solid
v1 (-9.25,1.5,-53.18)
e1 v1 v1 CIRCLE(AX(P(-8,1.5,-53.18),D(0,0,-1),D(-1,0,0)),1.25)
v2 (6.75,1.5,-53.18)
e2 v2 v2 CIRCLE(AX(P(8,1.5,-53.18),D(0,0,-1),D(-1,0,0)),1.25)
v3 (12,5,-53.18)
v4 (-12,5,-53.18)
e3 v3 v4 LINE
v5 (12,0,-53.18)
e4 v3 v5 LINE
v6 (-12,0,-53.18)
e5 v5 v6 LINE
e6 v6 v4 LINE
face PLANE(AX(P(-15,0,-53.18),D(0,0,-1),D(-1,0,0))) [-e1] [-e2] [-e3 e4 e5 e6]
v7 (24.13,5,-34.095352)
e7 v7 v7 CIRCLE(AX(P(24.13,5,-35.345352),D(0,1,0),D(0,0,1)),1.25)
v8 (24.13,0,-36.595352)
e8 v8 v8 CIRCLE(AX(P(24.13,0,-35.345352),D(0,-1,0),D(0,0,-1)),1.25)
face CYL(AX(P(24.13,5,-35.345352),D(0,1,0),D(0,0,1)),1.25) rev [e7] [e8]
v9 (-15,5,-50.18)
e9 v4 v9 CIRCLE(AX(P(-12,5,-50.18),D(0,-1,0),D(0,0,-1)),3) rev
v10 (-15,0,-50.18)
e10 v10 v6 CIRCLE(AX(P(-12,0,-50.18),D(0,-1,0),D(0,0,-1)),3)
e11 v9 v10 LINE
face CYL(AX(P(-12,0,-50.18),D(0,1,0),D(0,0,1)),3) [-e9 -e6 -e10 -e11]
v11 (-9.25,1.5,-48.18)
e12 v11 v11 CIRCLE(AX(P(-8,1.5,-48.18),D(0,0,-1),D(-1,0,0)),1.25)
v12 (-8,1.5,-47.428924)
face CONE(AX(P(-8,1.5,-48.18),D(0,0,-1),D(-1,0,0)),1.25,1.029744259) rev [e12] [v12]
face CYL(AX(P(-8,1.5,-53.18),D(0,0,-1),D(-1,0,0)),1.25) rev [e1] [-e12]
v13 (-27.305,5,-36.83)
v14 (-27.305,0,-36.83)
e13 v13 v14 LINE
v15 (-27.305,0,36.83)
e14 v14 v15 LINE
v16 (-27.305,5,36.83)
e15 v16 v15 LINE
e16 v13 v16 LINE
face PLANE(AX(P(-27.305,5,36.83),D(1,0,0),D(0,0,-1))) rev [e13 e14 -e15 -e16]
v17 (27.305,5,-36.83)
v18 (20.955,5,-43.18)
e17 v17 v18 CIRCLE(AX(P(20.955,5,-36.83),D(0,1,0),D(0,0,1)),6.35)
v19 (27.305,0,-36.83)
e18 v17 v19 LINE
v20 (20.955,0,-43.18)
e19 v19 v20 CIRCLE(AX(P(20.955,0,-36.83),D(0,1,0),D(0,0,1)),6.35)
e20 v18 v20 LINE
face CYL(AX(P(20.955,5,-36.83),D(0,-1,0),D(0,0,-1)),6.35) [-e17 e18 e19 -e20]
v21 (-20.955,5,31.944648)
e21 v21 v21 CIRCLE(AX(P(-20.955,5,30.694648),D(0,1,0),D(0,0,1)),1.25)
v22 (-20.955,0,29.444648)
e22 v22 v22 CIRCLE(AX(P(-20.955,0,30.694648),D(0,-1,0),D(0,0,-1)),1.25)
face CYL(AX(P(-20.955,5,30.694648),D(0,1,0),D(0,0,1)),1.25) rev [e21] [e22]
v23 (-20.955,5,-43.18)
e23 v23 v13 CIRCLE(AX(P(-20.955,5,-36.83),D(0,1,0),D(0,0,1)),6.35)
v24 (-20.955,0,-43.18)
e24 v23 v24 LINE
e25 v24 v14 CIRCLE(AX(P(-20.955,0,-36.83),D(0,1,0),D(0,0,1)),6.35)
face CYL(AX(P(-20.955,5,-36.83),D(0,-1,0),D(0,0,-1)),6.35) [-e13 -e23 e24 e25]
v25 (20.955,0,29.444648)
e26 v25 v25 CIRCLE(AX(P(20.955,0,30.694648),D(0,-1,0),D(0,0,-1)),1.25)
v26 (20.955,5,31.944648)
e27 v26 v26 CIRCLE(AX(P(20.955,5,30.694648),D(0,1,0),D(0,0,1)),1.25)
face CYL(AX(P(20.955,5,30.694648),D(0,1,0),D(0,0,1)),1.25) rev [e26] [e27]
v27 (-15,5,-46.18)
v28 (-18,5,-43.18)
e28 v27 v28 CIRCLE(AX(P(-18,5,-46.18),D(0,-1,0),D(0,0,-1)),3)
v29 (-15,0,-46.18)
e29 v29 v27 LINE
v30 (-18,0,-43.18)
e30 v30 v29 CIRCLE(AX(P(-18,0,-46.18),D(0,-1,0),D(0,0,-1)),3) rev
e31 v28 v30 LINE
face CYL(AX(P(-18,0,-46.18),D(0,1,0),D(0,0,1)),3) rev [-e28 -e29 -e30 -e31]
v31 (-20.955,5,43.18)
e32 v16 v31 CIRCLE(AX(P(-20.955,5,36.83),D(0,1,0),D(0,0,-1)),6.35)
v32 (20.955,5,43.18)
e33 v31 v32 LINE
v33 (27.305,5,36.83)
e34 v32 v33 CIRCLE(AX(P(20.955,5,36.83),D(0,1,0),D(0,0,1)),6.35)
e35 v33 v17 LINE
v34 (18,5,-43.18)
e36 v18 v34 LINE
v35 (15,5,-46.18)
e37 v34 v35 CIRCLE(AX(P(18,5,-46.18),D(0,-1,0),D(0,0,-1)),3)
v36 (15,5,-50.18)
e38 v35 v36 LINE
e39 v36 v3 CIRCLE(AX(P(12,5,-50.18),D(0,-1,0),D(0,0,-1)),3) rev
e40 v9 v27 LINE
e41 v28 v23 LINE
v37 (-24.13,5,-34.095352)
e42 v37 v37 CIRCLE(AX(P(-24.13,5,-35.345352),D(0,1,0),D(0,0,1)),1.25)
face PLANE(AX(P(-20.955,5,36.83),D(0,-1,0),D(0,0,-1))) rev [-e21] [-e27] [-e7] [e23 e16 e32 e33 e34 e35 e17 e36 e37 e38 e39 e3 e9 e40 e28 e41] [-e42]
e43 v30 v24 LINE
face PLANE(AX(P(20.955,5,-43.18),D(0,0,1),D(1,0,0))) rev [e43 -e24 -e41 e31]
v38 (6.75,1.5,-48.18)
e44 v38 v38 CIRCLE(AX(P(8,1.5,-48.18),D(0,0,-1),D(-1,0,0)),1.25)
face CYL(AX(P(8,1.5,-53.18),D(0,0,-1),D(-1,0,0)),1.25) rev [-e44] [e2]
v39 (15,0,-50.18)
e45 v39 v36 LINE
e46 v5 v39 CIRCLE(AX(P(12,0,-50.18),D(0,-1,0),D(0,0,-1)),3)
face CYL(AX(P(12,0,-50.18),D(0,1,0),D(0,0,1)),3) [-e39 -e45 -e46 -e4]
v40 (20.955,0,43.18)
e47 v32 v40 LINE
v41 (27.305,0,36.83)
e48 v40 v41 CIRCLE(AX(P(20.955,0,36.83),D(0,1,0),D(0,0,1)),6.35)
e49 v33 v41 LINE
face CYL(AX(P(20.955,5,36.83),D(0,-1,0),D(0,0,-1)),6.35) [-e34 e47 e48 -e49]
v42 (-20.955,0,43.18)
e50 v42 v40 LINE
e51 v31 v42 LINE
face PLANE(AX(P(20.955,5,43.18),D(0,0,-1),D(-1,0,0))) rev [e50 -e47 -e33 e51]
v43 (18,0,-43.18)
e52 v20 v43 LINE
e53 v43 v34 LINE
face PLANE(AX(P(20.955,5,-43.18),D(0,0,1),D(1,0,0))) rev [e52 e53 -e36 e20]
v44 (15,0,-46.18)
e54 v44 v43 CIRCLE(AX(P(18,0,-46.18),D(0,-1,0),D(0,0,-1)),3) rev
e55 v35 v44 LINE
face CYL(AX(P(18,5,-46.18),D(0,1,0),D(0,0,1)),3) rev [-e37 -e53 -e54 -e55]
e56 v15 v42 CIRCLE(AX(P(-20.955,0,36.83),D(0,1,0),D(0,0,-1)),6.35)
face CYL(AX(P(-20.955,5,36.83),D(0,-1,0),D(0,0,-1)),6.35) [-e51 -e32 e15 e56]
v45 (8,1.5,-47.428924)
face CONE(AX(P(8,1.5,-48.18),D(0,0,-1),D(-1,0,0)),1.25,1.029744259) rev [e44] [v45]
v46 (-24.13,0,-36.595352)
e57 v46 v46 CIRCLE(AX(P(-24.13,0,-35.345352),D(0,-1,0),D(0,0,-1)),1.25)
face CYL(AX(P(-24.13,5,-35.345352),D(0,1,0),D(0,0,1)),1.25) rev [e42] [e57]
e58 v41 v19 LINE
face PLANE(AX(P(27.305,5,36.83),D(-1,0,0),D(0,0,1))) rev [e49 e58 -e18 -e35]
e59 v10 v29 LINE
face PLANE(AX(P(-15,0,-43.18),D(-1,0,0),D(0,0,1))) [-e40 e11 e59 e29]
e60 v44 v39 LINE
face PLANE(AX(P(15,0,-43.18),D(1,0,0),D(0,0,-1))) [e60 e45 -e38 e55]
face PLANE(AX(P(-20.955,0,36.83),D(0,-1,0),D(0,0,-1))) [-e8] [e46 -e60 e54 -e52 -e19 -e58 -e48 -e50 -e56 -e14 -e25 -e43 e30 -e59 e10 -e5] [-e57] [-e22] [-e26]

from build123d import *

# Parameters (mm, degrees)
BOSS_EXTRUDE1_DEPTH             = 5
TAP_DRILL_FOR_M3X0_5_TAP1_D     = 2.5
SKETCH5_W                       = 30
SKETCH5_H                       = 10
BOSS_EXTRUDE2_DEPTH             = 5
FILLET1_R                       = 3
TAP_DRILL_FOR_M3X0_5_TAP2_D     = 2.5
TAP_DRILL_FOR_M3X0_5_TAP2_DEPTH = 5
TAP_DRILL_FOR_M3X0_5_TAP2_TIP   = 0.751075774


with BuildPart() as part:
    # Sketch1 → Boss-Extrude1 (new body)
    with BuildSketch(Plane(origin=(0, 0, 0), x_dir=(1, 0, 0), z_dir=(0, 1, 0))):
        with BuildLine():
            Line((20.955, -43.18), (-20.955, -43.18))
            ThreePointArc((-20.955, -43.18), (-25.445128061, -41.320128061), (-27.305, -36.83))
            Line((-27.305, -36.83), (-27.305, 36.83))
            ThreePointArc((-27.305, 36.83), (-25.445128061, 41.320128061), (-20.955, 43.18))
            Line((-20.955, 43.18), (20.955, 43.18))
            ThreePointArc((20.955, 43.18), (25.445128061, 41.320128061), (27.305, 36.83))
            Line((27.305, 36.83), (27.305, -36.83))
            ThreePointArc((27.305, -36.83), (25.445128061, -41.320128061), (20.955, -43.18))
        make_face()
    extrude(amount=BOSS_EXTRUDE1_DEPTH)

    # Tap Drill for M3x0.5 Tap1 (through all)
    with Locations(Plane(origin=(0, 5, 0), x_dir=(1, 0, 0), z_dir=(0, 1, 0))):
        with Locations((-24.13, 35.345352113), (24.13, 35.345352113), (-20.955, -30.694647887), (20.955, -30.694647887)):
            Hole(TAP_DRILL_FOR_M3X0_5_TAP1_D / 2)

    # Sketch5 → Boss-Extrude2 (add)
    with BuildSketch(Plane(origin=(0, 5, 0), x_dir=(1, 0, 0), z_dir=(0, 1, 0))):
        with Locations((0, 48.18)):
            Rectangle(SKETCH5_W, SKETCH5_H)
    extrude(amount=-BOSS_EXTRUDE2_DEPTH)

    # Fillet1
    fillet1_edges = [part.edges().sort_by_distance(p)[0] for p in [
        (-15, 2.5, -43.18),
        (-15, 2.5, -53.18),
        (15, 2.5, -53.18),
        (15, 2.5, -43.18),
    ]]
    fillet(fillet1_edges, radius=FILLET1_R)

    # Tap Drill for M3x0.5 Tap2
    with Locations(Plane(origin=(0, 0, -53.18), x_dir=(-1, 0, 0), z_dir=(0, 0, -1))):
        with Locations((8, 1.5), (-8, 1.5)):
            Hole(TAP_DRILL_FOR_M3X0_5_TAP2_D / 2, depth=TAP_DRILL_FOR_M3X0_5_TAP2_DEPTH)
            with Locations((0, 0, -(TAP_DRILL_FOR_M3X0_5_TAP2_DEPTH + TAP_DRILL_FOR_M3X0_5_TAP2_TIP / 2))):  # 118° drill point
                Cone(0, TAP_DRILL_FOR_M3X0_5_TAP2_D / 2, TAP_DRILL_FOR_M3X0_5_TAP2_TIP, mode=Mode.SUBTRACT)


solid = part.part
